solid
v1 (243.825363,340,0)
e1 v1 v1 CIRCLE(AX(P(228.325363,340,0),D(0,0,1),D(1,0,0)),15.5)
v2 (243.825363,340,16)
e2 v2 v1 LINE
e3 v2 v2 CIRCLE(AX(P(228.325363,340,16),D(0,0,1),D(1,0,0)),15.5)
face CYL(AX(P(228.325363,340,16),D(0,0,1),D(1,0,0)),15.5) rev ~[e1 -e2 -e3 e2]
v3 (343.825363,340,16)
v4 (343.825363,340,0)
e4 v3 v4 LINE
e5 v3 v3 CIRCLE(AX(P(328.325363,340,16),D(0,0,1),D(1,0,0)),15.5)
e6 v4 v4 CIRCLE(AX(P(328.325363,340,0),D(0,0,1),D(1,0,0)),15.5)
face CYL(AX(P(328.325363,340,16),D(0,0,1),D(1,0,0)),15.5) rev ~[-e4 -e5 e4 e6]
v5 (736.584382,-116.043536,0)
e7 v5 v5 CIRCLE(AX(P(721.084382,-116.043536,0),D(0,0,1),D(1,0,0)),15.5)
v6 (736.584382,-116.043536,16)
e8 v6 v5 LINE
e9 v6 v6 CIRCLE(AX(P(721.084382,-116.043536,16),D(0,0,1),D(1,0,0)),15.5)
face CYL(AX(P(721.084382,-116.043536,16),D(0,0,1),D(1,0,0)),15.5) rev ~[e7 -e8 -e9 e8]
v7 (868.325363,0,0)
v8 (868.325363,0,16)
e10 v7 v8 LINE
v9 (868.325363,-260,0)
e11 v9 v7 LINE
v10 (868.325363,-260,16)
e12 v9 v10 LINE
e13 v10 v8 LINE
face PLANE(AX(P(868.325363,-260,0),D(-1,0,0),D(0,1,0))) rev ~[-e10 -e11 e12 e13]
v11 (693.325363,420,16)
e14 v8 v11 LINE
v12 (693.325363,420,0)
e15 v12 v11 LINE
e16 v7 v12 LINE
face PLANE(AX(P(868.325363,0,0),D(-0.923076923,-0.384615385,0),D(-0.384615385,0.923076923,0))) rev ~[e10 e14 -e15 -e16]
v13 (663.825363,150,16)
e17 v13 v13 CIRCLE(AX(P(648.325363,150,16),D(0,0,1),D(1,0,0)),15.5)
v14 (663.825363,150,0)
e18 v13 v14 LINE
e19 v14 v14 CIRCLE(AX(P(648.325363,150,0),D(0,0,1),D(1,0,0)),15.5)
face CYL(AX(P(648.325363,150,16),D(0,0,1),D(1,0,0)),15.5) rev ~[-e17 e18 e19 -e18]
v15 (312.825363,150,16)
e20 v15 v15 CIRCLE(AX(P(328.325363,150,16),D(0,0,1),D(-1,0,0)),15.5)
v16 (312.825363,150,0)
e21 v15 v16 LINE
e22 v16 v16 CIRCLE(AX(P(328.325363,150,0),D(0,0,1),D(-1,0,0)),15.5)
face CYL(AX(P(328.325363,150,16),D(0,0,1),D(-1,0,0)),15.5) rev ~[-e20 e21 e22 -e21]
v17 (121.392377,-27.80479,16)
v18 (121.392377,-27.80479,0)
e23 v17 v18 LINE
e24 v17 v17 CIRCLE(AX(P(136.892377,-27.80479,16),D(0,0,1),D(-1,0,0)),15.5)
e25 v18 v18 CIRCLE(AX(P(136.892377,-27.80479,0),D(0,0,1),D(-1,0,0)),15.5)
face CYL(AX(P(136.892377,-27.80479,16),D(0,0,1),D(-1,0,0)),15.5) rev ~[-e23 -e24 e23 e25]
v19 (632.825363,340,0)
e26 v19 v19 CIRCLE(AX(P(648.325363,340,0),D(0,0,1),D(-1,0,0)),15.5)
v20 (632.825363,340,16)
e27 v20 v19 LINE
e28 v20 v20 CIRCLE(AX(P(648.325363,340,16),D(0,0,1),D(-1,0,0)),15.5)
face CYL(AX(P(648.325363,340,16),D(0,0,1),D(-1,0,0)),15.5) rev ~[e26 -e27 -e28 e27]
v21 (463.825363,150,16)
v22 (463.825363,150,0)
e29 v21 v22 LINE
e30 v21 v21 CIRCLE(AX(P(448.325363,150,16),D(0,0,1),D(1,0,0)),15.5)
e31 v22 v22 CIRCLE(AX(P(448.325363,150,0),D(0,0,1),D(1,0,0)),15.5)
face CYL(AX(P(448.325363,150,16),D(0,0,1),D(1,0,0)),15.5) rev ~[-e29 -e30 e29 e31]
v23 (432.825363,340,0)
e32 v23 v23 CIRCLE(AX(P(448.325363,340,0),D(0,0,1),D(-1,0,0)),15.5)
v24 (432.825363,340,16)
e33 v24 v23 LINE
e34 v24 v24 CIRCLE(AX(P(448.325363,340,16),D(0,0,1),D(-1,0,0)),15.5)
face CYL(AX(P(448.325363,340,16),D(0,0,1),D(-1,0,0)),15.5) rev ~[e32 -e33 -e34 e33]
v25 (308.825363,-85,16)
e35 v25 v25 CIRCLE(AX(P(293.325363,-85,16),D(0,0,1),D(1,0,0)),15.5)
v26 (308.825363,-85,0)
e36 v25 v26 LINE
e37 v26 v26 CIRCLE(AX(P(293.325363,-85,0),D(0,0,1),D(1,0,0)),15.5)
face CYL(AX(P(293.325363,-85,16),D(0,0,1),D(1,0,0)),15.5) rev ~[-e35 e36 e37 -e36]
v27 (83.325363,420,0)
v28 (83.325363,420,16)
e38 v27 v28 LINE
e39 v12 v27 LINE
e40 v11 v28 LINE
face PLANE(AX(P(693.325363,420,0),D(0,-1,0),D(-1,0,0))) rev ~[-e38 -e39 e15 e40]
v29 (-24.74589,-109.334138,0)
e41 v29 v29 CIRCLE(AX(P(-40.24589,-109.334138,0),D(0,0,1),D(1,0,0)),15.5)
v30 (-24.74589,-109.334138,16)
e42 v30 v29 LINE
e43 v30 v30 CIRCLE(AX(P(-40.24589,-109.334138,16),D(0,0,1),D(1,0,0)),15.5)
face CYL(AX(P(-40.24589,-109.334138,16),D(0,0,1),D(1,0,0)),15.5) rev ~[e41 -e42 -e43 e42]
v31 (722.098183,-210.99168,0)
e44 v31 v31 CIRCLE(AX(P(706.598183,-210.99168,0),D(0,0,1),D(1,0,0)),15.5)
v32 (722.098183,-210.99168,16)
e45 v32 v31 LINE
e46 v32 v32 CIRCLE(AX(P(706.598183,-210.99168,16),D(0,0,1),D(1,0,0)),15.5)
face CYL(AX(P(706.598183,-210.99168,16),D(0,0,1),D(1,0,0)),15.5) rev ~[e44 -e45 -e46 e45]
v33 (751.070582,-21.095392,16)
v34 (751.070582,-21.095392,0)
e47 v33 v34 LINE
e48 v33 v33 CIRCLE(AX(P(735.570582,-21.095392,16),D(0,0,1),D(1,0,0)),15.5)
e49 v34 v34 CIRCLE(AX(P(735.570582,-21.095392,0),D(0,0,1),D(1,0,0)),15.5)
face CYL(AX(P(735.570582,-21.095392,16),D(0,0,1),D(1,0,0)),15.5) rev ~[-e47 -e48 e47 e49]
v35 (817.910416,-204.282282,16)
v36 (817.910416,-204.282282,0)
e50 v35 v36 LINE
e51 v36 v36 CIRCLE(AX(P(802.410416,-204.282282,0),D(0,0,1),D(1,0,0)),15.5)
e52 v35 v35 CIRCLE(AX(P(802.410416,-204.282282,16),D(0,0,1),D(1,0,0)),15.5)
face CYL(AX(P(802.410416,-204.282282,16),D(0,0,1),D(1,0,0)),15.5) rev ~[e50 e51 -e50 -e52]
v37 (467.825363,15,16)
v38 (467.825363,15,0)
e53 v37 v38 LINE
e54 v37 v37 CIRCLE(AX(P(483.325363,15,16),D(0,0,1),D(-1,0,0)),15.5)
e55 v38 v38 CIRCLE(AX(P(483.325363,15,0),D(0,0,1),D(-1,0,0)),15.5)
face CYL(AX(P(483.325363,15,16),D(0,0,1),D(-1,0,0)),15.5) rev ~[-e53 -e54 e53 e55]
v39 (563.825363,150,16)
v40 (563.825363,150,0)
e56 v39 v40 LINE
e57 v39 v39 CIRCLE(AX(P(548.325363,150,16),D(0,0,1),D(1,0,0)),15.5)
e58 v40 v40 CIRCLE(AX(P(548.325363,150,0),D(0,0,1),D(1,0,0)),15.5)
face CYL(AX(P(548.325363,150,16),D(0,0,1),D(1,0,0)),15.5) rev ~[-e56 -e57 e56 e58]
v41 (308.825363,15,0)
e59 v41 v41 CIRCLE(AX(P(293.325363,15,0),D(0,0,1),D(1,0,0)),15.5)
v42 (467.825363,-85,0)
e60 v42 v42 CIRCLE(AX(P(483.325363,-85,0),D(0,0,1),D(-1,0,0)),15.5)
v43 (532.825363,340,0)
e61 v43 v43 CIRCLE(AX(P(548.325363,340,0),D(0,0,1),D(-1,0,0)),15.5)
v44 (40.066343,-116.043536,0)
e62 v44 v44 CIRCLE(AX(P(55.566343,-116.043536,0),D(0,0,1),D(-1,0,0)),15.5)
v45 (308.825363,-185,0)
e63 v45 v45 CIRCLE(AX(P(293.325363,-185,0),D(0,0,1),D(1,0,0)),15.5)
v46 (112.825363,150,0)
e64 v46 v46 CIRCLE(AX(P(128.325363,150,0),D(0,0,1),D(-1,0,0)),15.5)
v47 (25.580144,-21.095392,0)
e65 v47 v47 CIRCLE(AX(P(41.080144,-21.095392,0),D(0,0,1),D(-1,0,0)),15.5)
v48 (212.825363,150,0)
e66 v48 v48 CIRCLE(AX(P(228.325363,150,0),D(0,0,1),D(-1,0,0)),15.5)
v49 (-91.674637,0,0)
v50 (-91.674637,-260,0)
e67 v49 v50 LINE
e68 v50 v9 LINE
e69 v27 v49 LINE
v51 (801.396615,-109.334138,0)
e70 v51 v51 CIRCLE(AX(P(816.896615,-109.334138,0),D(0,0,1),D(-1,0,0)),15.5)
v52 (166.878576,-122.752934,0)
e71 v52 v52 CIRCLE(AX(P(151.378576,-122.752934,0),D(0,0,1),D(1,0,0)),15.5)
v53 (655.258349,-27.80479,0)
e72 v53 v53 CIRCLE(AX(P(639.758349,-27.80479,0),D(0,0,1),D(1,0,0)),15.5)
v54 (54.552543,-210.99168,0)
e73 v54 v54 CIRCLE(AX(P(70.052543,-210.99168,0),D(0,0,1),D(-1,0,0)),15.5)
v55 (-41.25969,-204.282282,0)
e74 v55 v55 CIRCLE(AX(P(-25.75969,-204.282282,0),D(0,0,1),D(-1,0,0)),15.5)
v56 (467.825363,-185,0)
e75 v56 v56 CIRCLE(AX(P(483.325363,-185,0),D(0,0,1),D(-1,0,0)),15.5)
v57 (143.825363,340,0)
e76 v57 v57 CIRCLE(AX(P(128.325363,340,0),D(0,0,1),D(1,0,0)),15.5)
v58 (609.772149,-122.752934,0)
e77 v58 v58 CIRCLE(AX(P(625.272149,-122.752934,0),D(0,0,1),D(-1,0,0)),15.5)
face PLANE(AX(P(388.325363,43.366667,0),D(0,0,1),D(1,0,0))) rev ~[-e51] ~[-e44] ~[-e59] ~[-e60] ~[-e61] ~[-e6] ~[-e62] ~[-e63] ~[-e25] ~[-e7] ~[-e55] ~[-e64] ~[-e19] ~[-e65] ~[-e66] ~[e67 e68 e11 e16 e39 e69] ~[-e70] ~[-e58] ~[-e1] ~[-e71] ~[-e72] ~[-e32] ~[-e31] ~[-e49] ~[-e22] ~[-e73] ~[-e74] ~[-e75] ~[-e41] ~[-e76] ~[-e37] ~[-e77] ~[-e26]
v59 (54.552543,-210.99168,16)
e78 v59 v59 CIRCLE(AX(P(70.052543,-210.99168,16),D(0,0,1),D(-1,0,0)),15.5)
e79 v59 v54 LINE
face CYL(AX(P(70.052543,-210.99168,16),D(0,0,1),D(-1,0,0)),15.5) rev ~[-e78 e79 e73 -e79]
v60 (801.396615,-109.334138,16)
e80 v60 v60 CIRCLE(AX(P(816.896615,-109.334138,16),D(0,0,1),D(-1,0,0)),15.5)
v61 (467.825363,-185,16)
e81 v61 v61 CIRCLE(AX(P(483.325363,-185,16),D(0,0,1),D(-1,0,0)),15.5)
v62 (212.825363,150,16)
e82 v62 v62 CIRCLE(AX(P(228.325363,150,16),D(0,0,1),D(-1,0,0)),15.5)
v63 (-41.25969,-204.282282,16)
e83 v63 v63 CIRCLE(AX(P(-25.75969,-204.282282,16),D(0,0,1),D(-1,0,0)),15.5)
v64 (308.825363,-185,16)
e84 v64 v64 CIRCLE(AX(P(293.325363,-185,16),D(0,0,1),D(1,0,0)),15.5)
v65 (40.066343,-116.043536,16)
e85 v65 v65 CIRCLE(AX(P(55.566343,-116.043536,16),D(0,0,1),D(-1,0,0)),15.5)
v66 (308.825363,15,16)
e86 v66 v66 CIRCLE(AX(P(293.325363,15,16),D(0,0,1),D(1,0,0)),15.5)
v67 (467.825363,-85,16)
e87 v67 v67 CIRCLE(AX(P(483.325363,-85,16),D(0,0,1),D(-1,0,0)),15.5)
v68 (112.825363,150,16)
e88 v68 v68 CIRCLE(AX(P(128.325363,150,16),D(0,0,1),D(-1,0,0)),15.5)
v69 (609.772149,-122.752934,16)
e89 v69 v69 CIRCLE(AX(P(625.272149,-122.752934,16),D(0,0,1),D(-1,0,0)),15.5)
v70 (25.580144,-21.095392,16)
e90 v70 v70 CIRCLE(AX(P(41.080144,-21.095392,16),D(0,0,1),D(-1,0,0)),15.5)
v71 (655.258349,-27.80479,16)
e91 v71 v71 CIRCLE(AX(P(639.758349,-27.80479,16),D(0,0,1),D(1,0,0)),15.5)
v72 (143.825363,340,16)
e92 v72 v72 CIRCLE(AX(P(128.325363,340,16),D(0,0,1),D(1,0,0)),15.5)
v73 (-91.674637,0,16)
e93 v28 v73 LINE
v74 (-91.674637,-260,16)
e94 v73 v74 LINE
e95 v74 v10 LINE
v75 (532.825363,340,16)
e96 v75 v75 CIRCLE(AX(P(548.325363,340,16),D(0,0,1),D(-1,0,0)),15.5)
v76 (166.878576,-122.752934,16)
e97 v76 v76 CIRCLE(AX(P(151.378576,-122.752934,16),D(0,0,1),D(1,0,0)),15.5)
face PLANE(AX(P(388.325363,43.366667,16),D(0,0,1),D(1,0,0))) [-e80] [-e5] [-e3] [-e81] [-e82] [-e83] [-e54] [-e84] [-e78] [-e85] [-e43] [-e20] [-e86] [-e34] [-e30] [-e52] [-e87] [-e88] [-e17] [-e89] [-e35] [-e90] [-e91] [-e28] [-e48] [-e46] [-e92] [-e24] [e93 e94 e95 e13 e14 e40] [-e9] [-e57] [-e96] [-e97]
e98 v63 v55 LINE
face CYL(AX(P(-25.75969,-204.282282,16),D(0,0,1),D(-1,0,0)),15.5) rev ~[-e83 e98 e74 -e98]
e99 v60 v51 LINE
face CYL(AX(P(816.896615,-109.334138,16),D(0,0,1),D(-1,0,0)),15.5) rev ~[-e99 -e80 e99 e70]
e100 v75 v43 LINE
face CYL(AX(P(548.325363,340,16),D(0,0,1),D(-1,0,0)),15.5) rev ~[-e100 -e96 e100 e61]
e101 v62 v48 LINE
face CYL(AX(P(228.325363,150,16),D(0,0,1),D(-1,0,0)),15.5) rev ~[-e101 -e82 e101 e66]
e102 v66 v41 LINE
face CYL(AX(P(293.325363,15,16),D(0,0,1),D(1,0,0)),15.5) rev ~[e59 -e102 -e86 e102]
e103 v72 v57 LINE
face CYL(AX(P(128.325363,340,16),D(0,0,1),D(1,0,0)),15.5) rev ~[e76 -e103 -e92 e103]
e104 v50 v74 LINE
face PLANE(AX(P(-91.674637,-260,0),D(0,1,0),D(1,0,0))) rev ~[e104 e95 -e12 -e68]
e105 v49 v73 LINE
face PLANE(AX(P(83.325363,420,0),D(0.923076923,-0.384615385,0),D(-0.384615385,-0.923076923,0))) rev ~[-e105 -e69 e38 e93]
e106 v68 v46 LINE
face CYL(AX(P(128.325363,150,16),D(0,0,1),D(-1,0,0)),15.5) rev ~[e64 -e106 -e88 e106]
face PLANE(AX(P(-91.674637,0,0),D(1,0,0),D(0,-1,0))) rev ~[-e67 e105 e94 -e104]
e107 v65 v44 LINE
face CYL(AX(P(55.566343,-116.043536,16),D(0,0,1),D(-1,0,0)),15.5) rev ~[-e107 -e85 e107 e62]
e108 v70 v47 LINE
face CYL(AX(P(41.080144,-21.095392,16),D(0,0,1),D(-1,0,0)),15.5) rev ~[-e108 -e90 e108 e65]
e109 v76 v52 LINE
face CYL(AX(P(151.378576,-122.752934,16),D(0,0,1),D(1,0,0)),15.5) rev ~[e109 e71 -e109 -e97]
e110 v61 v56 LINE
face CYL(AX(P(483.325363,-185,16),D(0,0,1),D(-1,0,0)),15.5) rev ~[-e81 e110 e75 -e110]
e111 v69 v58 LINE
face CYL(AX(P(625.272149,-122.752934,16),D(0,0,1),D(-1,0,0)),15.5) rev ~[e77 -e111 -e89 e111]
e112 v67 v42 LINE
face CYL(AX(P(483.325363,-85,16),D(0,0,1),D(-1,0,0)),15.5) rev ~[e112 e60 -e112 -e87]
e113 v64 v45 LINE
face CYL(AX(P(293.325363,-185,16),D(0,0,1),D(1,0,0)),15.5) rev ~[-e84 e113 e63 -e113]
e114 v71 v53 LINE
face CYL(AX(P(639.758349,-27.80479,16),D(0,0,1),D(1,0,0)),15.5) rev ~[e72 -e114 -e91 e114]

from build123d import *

# Parameters (mm, degrees)
EXTRUDE_2_DEPTH     = 16
SKETCH_2_R          = 15.5
CUT_EXTRUDE_3_DEPTH = 965.699401752


with BuildPart() as part:
    # 草图1 → 拉伸2 (new body)
    with BuildSketch(Plane.XY):
        Polygon((693.325362834, 420), (83.325362834, 420), (-91.674637166, 0), (-91.674637166, -260), (868.325362834, -260), (868.325362834, 0), align=None)
    extrude(amount=EXTRUDE_2_DEPTH)

    # 草图2 → 拉伸3 (cut, through all)
    with BuildSketch(Plane.XY.offset(16)):
        with Locations((328.325362834, 340)):
            Circle(SKETCH_2_R)
        with Locations((228.325362834, 340)):
            Circle(SKETCH_2_R)
        with Locations((128.325362834, 340)):
            Circle(SKETCH_2_R)
        with Locations(Location((128.325362834, 150, 0), (0, 0, 180))):
            Circle(SKETCH_2_R)
        with Locations(Location((228.325362834, 150, 0), (0, 0, 180))):
            Circle(SKETCH_2_R)
        with Locations(Location((328.325362834, 150, 0), (0, 0, 180))):
            Circle(SKETCH_2_R)
        with Locations((293.325362834, -185)):
            Circle(SKETCH_2_R)
        with Locations((293.325362834, 15)):
            Circle(SKETCH_2_R)
        with Locations((293.325362834, -85)):
            Circle(SKETCH_2_R)
        with Locations((639.758349024, -27.804790016)):
            Circle(SKETCH_2_R)
        with Locations((721.084382293, -116.043536113)):
            Circle(SKETCH_2_R)
        with Locations((802.410415562, -204.28228221)):
            Circle(SKETCH_2_R)
        with Locations((735.570581969, -21.095392271)):
            Circle(SKETCH_2_R)
        with Locations((706.598182617, -210.991679954)):
            Circle(SKETCH_2_R)
        with Locations(Location((625.272149348, -122.752933857, 0), (0, 0, 180))):
            Circle(SKETCH_2_R)
        with Locations(Location((816.896615238, -109.334138368, 0), (0, 0, 180))):
            Circle(SKETCH_2_R)
        with Locations((151.37857632, -122.752933857)):
            Circle(SKETCH_2_R)
        with Locations(Location((70.052543051, -210.991679954, 0), (0, 0, 180))):
            Circle(SKETCH_2_R)
        with Locations(Location((-25.759689894, -204.28228221, 0), (0, 0, 180))):
            Circle(SKETCH_2_R)
        with Locations(Location((55.566343375, -116.043536113, 0), (0, 0, 180))):
            Circle(SKETCH_2_R)
        with Locations(Location((136.892376644, -27.804790016, 0), (0, 0, 180))):
            Circle(SKETCH_2_R)
        with Locations((-40.24588957, -109.334138368)):
            Circle(SKETCH_2_R)
        with Locations(Location((41.080143699, -21.095392271, 0), (0, 0, 180))):
            Circle(SKETCH_2_R)
        with Locations((448.325362834, 150)):
            Circle(SKETCH_2_R)
        with Locations((548.325362834, 150)):
            Circle(SKETCH_2_R)
        with Locations((648.325362834, 150)):
            Circle(SKETCH_2_R)
        with Locations(Location((648.325362834, 340, 0), (0, 0, 180))):
            Circle(SKETCH_2_R)
        with Locations(Location((548.325362834, 340, 0), (0, 0, 180))):
            Circle(SKETCH_2_R)
        with Locations(Location((448.325362834, 340, 0), (0, 0, 180))):
            Circle(SKETCH_2_R)
        with Locations(Location((483.325362834, -85, 0), (0, 0, 180))):
            Circle(SKETCH_2_R)
        with Locations(Location((483.325362834, 15, 0), (0, 0, 180))):
            Circle(SKETCH_2_R)
        with Locations(Location((483.325362834, -185, 0), (0, 0, 180))):
            Circle(SKETCH_2_R)
    extrude(amount=-CUT_EXTRUDE_3_DEPTH, mode=Mode.SUBTRACT)


solid = part.part
